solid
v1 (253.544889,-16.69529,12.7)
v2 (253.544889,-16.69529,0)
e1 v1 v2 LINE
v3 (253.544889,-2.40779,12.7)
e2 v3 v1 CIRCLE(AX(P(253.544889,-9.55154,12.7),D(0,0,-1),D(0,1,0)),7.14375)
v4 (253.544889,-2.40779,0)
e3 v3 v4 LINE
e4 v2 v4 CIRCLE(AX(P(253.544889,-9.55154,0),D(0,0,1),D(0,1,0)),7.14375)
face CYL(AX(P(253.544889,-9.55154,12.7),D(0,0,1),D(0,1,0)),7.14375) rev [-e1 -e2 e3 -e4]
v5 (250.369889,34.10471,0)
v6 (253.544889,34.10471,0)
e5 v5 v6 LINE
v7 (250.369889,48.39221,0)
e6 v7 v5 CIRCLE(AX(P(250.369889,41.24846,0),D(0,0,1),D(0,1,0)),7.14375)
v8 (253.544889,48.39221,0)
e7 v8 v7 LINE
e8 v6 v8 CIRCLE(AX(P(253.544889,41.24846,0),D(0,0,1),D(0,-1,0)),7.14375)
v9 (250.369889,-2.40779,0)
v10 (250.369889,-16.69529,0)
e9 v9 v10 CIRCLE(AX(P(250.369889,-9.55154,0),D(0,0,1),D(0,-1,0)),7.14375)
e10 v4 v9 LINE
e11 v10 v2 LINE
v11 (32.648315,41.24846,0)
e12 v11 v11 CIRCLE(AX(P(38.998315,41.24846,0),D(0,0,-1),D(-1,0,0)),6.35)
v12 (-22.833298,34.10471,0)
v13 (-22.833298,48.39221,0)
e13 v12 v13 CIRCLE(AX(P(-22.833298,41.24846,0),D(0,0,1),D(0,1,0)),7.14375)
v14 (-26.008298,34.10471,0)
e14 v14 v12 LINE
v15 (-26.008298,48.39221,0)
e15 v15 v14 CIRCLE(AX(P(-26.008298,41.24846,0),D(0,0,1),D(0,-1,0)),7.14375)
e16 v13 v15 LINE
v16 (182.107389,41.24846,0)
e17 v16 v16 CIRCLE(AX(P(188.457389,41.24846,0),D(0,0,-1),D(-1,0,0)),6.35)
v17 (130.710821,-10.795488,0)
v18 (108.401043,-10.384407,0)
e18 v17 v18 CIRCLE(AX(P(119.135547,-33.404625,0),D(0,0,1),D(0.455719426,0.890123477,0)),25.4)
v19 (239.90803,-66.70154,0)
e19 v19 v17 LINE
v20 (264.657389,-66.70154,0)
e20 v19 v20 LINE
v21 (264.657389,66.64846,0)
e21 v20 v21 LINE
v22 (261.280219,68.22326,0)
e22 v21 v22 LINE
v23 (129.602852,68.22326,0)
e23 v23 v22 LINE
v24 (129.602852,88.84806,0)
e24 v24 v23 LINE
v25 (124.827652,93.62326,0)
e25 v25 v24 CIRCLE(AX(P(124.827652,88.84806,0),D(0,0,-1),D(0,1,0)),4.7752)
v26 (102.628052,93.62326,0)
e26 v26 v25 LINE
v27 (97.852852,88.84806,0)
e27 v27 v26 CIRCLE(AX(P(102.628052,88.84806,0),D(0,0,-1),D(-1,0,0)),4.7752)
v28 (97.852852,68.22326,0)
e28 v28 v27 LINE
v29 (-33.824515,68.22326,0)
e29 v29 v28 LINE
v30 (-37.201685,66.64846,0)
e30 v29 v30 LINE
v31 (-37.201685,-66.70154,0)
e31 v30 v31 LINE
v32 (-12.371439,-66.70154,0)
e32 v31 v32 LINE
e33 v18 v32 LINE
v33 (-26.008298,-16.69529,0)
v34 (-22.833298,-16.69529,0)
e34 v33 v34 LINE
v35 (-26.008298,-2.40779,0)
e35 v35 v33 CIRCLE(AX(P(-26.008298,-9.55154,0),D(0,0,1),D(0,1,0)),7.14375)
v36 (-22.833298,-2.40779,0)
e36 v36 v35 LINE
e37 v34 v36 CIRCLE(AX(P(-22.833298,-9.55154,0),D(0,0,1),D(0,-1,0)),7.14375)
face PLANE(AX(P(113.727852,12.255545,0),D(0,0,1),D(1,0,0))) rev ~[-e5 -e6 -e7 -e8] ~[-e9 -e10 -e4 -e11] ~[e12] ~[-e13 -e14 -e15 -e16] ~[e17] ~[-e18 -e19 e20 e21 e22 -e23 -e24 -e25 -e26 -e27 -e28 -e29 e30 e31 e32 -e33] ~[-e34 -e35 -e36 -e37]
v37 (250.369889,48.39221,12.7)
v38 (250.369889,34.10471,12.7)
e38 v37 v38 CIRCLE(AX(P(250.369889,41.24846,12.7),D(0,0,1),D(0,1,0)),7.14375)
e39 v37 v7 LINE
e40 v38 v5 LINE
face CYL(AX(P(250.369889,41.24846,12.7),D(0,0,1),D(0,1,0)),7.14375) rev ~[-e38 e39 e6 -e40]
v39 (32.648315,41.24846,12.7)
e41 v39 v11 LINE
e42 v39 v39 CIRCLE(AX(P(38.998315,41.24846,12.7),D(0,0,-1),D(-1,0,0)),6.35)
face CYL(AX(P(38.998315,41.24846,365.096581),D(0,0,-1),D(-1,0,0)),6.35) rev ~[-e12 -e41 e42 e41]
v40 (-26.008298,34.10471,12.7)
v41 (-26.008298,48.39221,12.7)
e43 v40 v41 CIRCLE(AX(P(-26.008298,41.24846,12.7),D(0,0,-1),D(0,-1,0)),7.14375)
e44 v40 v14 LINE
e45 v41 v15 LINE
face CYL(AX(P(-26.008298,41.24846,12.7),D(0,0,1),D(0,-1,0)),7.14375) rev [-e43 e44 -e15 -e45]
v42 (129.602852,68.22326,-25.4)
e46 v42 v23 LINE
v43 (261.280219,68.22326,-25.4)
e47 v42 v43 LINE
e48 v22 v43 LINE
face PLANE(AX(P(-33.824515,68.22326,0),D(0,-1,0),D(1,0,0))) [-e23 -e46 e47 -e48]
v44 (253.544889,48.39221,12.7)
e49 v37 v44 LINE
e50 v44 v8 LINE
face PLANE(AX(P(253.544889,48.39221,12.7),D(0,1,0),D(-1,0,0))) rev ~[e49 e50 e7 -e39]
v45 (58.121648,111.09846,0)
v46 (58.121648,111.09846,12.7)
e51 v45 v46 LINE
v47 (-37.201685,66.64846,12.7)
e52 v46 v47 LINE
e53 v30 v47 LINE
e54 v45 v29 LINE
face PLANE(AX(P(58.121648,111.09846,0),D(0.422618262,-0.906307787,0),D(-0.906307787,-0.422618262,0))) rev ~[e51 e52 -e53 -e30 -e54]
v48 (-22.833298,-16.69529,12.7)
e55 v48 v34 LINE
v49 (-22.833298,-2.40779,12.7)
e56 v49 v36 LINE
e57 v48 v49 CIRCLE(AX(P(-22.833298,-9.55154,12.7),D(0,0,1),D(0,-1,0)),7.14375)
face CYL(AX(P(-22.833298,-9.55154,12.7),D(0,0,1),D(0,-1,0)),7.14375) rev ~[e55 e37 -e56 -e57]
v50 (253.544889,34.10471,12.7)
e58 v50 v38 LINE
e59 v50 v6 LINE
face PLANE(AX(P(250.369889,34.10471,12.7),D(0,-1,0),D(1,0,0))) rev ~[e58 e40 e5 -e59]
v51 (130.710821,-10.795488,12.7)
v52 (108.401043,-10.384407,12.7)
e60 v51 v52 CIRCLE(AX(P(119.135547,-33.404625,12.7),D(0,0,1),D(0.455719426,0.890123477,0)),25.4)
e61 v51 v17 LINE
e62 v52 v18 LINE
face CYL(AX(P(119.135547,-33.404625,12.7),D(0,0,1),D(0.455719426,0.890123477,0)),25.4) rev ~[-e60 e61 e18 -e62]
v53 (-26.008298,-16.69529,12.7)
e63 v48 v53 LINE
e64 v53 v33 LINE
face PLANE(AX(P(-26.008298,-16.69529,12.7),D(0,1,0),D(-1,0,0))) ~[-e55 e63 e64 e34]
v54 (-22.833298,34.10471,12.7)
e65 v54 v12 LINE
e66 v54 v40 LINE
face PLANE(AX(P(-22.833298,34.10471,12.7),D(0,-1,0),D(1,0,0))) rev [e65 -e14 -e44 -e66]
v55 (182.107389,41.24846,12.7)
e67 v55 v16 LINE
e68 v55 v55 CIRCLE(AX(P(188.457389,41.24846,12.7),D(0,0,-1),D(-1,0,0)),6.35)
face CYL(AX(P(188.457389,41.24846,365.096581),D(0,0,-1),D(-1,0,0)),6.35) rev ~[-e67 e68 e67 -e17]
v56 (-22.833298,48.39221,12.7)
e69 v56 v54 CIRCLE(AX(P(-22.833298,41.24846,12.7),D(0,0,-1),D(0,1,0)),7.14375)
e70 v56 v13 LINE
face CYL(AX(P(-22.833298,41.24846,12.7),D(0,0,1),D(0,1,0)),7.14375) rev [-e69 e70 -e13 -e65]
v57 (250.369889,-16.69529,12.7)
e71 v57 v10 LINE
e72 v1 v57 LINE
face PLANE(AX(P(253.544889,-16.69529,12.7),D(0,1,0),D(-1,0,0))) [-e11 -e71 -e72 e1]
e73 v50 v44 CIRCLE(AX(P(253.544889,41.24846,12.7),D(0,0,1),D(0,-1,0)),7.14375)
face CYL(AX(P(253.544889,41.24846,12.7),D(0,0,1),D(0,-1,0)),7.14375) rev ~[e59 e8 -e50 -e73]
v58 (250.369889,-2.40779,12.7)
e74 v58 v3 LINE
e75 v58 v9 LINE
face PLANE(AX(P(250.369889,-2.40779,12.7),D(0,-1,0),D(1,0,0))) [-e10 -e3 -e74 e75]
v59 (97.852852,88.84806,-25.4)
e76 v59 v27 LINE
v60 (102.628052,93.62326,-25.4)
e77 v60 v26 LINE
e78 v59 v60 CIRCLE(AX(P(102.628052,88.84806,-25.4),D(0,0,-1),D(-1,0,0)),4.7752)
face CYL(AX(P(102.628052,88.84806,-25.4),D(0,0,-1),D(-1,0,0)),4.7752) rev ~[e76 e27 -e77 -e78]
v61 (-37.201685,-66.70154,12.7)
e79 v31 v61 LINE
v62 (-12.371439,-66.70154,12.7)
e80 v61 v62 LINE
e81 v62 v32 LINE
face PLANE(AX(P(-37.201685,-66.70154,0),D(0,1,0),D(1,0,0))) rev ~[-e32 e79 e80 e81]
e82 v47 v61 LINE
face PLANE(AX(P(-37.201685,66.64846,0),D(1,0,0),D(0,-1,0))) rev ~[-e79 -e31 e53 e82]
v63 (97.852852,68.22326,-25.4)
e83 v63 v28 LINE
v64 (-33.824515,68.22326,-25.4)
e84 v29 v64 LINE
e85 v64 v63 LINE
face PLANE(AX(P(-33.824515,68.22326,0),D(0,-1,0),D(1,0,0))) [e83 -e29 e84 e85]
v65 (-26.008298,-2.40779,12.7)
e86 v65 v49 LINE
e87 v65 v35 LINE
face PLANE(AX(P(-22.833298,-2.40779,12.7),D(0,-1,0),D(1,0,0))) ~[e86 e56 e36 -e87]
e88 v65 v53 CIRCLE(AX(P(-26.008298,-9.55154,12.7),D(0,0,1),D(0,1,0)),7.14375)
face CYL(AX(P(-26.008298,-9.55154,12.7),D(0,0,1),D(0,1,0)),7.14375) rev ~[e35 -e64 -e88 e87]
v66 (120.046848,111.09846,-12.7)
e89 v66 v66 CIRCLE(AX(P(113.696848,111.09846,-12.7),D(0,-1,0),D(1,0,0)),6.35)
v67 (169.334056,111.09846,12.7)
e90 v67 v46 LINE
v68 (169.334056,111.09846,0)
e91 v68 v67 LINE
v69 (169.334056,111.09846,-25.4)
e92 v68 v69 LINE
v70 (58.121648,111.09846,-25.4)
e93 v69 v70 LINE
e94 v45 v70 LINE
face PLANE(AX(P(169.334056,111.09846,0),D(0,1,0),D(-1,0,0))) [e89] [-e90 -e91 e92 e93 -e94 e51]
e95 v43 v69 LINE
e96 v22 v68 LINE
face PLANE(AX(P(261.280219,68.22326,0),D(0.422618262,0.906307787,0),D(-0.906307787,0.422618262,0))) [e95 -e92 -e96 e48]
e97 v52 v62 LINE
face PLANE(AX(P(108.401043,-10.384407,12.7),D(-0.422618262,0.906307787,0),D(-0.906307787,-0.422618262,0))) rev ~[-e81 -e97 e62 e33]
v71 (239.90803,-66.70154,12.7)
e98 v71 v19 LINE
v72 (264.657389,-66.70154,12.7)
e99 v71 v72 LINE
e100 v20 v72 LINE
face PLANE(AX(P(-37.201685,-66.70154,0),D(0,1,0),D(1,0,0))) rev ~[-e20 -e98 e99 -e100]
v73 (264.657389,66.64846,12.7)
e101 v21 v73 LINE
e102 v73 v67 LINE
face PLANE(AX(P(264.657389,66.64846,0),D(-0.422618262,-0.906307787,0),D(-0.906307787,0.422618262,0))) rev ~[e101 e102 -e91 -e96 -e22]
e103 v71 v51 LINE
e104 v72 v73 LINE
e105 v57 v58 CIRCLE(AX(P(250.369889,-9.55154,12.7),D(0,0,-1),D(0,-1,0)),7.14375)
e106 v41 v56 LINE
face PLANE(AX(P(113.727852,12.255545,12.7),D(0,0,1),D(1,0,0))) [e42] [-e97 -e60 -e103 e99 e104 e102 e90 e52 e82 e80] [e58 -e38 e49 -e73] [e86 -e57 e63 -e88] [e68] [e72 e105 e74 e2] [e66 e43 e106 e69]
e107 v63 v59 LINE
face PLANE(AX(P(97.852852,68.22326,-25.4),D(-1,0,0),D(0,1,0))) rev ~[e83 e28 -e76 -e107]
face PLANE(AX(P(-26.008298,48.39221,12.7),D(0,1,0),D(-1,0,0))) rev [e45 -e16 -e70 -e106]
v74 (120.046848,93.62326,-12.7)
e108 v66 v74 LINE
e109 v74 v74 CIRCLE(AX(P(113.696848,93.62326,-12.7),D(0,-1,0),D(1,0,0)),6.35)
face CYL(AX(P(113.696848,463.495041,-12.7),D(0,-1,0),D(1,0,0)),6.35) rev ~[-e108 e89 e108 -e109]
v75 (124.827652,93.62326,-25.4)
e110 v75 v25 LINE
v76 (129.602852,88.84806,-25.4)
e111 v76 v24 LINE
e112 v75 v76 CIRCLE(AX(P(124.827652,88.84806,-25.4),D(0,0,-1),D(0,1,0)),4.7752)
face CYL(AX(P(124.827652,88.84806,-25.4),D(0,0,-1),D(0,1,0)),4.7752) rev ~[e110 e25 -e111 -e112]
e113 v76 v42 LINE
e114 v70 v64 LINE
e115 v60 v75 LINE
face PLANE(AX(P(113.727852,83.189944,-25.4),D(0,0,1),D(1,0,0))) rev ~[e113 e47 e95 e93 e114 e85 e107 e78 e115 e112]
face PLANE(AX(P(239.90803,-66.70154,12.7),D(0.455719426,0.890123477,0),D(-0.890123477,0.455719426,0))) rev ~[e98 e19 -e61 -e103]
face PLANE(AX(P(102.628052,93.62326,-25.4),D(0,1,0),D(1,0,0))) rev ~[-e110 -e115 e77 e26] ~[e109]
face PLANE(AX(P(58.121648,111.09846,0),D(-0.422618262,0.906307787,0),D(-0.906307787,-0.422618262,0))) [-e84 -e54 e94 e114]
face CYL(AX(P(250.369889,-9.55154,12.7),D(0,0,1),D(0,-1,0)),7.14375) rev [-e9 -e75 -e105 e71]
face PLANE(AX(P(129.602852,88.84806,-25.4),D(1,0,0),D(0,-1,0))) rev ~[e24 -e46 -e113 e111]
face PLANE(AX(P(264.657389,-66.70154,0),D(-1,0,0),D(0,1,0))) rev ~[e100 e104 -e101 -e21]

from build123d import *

# Parameters (mm, degrees)
BASE_EXTRUDE_DEPTH             = 12.7
F_9_16_0_5625_DIAMETER_HOLE1_D = 14.2875
CUT_EXTRUDE1_DEPTH             = 13.7
BOSS_EXTRUDE1_DEPTH            = 25.4
F_1_2_20_TAPPED_HOLE1_D        = 12.7
CUT_EXTRUDE2_DEPTH             = 39.1
CUT_EXTRUDE3_DEPTH             = 39.1
F_1_2_20_TAPPED_HOLE2_D        = 12.7
CUT_EXTRUDE4_DEPTH             = 25.4


with BuildPart() as part:
    # Sketch1 → Base-Extrude (new body)
    with BuildSketch(Plane.XY):
        Polygon((58.12164787, 111.098459585), (-37.201684746, 66.648459585), (-37.201684746, -66.701540415), (264.657388756, -66.701540415), (264.657388756, 66.648459585), (169.334056139, 111.098459585), align=None)
    extrude(amount=BASE_EXTRUDE_DEPTH)

    # 9/16 (0.5625) Diameter Hole1 (through all)
    with Locations(Plane.XY.offset(12.7)):
        with Locations((251.957388756, -9.551540415), (251.957388756, 41.248459585)):
            f_9_16_0_5625_diameter_hole1 = Hole(F_9_16_0_5625_DIAMETER_HOLE1_D / 2)

    # Sketch8 → Cut-Extrude1 (cut, through all)
    with BuildSketch(Plane.XY.offset(12.7)):
        with BuildLine():
            Line((-12.371439248, -66.701540415), (239.908029755, -66.701540415))
            Line((239.908029755, -66.701540415), (130.710820593, -10.795488361))
            ThreePointArc((130.710820593, -10.795488361), (119.603489866, -8.008935492), (108.401043329, -10.384406895))
            Line((108.401043329, -10.384406895), (-12.371439248, -66.701540415))
        make_face()
    extrude(amount=-CUT_EXTRUDE1_DEPTH, mode=Mode.SUBTRACT)

    # Mirror3: 9/16 (0.5625) Diameter Hole1 across plane
    add(f_9_16_0_5625_diameter_hole1.mirror(Plane(origin=(113.768295254, 0, 0), x_dir=(0, 0, 1), z_dir=(1, 0, 0))), mode=Mode.SUBTRACT)

    # Sketch10 → Boss-Extrude1 (add)
    with BuildSketch(Plane(origin=(0, 0, 0), x_dir=(-1, 0, 0), z_dir=(0, 0, -1))):
        Polygon((-169.334056139, 111.098459585), (-58.12164787, 111.098459585), (33.824515248, 68.223259585), (-261.280219258, 68.223259585), align=None)
    extrude(amount=BOSS_EXTRUDE1_DEPTH)

    # 1/2-20 Tapped Hole1 (through all)
    with Locations(Plane(origin=(0, 111.098459585, 0), x_dir=(-1, 0, 0), z_dir=(0, 1, 0))):
        with Locations((-113.69684787, -12.7)):
            Hole(F_1_2_20_TAPPED_HOLE1_D / 2)

    # Sketch13 → Cut-Extrude2 (cut, through all)
    with BuildSketch(Plane.XY.offset(12.7)):
        with BuildLine():
            Line((250.369888756, -2.407790415), (253.544888756, -2.407790415))
            ThreePointArc((253.544888756, -2.407790415), (260.688638756, -9.551540415), (253.544888756, -16.695290415))
            Line((253.544888756, -16.695290415), (250.369888756, -16.695290415))
            ThreePointArc((250.369888756, -16.695290415), (243.226138756, -9.551540415), (250.369888756, -2.407790415))
        make_face()
    cut_extrude2 = extrude(amount=-CUT_EXTRUDE2_DEPTH, mode=Mode.SUBTRACT)

    # Sketch14 → Cut-Extrude3 (cut, through all)
    with BuildSketch(Plane.XY.offset(12.7)):
        with BuildLine():
            Line((253.544888756, 48.392209585), (250.369888756, 48.392209585))
            ThreePointArc((250.369888756, 48.392209585), (243.226138756, 41.248459585), (250.369888756, 34.104709585))
            Line((250.369888756, 34.104709585), (253.544888756, 34.104709585))
            ThreePointArc((253.544888756, 34.104709585), (260.688638756, 41.248459585), (253.544888756, 48.392209585))
        make_face()
    cut_extrude3 = extrude(amount=-CUT_EXTRUDE3_DEPTH, mode=Mode.SUBTRACT)

    # Mirror4: Cut-Extrude2, Cut-Extrude3 across plane
    add(cut_extrude2.mirror(Plane(origin=(113.768295254, 0, 0), x_dir=(0, 0, 1), z_dir=(1, 0, 0))), mode=Mode.SUBTRACT)
    add(cut_extrude3.mirror(Plane(origin=(113.768295254, 0, 0), x_dir=(0, 0, 1), z_dir=(1, 0, 0))), mode=Mode.SUBTRACT)

    # 1/2-20 Tapped Hole2 (through all)
    with Locations(Plane.XY.offset(12.7)):
        with Locations((38.998315254, 41.248459585), (188.457388756, 41.248459585)):
            Hole(F_1_2_20_TAPPED_HOLE2_D / 2)

    # Sketch17 → Cut-Extrude4 (cut)
    with BuildSketch(Plane(origin=(0, 0, -25.4), x_dir=(-1, 0, 0), z_dir=(0, 0, -1))):
        with BuildLine():
            Line((-129.602852005, 68.223259585), (-97.852852005, 68.223259585))
            Line((-97.852852005, 68.223259585), (-97.852852005, 88.848059585))
            ThreePointArc((-97.852852005, 88.848059585), (-99.251475703, 92.224635886), (-102.628052005, 93.623259585))
            Line((-102.628052005, 93.623259585), (-124.827652005, 93.623259585))
            ThreePointArc((-124.827652005, 93.623259585), (-128.204228306, 92.224635886), (-129.602852005, 88.848059585))
            Line((-129.602852005, 88.848059585), (-129.602852005, 68.223259585))
        make_face()
    extrude(amount=-CUT_EXTRUDE4_DEPTH, mode=Mode.SUBTRACT)


solid = part.part
